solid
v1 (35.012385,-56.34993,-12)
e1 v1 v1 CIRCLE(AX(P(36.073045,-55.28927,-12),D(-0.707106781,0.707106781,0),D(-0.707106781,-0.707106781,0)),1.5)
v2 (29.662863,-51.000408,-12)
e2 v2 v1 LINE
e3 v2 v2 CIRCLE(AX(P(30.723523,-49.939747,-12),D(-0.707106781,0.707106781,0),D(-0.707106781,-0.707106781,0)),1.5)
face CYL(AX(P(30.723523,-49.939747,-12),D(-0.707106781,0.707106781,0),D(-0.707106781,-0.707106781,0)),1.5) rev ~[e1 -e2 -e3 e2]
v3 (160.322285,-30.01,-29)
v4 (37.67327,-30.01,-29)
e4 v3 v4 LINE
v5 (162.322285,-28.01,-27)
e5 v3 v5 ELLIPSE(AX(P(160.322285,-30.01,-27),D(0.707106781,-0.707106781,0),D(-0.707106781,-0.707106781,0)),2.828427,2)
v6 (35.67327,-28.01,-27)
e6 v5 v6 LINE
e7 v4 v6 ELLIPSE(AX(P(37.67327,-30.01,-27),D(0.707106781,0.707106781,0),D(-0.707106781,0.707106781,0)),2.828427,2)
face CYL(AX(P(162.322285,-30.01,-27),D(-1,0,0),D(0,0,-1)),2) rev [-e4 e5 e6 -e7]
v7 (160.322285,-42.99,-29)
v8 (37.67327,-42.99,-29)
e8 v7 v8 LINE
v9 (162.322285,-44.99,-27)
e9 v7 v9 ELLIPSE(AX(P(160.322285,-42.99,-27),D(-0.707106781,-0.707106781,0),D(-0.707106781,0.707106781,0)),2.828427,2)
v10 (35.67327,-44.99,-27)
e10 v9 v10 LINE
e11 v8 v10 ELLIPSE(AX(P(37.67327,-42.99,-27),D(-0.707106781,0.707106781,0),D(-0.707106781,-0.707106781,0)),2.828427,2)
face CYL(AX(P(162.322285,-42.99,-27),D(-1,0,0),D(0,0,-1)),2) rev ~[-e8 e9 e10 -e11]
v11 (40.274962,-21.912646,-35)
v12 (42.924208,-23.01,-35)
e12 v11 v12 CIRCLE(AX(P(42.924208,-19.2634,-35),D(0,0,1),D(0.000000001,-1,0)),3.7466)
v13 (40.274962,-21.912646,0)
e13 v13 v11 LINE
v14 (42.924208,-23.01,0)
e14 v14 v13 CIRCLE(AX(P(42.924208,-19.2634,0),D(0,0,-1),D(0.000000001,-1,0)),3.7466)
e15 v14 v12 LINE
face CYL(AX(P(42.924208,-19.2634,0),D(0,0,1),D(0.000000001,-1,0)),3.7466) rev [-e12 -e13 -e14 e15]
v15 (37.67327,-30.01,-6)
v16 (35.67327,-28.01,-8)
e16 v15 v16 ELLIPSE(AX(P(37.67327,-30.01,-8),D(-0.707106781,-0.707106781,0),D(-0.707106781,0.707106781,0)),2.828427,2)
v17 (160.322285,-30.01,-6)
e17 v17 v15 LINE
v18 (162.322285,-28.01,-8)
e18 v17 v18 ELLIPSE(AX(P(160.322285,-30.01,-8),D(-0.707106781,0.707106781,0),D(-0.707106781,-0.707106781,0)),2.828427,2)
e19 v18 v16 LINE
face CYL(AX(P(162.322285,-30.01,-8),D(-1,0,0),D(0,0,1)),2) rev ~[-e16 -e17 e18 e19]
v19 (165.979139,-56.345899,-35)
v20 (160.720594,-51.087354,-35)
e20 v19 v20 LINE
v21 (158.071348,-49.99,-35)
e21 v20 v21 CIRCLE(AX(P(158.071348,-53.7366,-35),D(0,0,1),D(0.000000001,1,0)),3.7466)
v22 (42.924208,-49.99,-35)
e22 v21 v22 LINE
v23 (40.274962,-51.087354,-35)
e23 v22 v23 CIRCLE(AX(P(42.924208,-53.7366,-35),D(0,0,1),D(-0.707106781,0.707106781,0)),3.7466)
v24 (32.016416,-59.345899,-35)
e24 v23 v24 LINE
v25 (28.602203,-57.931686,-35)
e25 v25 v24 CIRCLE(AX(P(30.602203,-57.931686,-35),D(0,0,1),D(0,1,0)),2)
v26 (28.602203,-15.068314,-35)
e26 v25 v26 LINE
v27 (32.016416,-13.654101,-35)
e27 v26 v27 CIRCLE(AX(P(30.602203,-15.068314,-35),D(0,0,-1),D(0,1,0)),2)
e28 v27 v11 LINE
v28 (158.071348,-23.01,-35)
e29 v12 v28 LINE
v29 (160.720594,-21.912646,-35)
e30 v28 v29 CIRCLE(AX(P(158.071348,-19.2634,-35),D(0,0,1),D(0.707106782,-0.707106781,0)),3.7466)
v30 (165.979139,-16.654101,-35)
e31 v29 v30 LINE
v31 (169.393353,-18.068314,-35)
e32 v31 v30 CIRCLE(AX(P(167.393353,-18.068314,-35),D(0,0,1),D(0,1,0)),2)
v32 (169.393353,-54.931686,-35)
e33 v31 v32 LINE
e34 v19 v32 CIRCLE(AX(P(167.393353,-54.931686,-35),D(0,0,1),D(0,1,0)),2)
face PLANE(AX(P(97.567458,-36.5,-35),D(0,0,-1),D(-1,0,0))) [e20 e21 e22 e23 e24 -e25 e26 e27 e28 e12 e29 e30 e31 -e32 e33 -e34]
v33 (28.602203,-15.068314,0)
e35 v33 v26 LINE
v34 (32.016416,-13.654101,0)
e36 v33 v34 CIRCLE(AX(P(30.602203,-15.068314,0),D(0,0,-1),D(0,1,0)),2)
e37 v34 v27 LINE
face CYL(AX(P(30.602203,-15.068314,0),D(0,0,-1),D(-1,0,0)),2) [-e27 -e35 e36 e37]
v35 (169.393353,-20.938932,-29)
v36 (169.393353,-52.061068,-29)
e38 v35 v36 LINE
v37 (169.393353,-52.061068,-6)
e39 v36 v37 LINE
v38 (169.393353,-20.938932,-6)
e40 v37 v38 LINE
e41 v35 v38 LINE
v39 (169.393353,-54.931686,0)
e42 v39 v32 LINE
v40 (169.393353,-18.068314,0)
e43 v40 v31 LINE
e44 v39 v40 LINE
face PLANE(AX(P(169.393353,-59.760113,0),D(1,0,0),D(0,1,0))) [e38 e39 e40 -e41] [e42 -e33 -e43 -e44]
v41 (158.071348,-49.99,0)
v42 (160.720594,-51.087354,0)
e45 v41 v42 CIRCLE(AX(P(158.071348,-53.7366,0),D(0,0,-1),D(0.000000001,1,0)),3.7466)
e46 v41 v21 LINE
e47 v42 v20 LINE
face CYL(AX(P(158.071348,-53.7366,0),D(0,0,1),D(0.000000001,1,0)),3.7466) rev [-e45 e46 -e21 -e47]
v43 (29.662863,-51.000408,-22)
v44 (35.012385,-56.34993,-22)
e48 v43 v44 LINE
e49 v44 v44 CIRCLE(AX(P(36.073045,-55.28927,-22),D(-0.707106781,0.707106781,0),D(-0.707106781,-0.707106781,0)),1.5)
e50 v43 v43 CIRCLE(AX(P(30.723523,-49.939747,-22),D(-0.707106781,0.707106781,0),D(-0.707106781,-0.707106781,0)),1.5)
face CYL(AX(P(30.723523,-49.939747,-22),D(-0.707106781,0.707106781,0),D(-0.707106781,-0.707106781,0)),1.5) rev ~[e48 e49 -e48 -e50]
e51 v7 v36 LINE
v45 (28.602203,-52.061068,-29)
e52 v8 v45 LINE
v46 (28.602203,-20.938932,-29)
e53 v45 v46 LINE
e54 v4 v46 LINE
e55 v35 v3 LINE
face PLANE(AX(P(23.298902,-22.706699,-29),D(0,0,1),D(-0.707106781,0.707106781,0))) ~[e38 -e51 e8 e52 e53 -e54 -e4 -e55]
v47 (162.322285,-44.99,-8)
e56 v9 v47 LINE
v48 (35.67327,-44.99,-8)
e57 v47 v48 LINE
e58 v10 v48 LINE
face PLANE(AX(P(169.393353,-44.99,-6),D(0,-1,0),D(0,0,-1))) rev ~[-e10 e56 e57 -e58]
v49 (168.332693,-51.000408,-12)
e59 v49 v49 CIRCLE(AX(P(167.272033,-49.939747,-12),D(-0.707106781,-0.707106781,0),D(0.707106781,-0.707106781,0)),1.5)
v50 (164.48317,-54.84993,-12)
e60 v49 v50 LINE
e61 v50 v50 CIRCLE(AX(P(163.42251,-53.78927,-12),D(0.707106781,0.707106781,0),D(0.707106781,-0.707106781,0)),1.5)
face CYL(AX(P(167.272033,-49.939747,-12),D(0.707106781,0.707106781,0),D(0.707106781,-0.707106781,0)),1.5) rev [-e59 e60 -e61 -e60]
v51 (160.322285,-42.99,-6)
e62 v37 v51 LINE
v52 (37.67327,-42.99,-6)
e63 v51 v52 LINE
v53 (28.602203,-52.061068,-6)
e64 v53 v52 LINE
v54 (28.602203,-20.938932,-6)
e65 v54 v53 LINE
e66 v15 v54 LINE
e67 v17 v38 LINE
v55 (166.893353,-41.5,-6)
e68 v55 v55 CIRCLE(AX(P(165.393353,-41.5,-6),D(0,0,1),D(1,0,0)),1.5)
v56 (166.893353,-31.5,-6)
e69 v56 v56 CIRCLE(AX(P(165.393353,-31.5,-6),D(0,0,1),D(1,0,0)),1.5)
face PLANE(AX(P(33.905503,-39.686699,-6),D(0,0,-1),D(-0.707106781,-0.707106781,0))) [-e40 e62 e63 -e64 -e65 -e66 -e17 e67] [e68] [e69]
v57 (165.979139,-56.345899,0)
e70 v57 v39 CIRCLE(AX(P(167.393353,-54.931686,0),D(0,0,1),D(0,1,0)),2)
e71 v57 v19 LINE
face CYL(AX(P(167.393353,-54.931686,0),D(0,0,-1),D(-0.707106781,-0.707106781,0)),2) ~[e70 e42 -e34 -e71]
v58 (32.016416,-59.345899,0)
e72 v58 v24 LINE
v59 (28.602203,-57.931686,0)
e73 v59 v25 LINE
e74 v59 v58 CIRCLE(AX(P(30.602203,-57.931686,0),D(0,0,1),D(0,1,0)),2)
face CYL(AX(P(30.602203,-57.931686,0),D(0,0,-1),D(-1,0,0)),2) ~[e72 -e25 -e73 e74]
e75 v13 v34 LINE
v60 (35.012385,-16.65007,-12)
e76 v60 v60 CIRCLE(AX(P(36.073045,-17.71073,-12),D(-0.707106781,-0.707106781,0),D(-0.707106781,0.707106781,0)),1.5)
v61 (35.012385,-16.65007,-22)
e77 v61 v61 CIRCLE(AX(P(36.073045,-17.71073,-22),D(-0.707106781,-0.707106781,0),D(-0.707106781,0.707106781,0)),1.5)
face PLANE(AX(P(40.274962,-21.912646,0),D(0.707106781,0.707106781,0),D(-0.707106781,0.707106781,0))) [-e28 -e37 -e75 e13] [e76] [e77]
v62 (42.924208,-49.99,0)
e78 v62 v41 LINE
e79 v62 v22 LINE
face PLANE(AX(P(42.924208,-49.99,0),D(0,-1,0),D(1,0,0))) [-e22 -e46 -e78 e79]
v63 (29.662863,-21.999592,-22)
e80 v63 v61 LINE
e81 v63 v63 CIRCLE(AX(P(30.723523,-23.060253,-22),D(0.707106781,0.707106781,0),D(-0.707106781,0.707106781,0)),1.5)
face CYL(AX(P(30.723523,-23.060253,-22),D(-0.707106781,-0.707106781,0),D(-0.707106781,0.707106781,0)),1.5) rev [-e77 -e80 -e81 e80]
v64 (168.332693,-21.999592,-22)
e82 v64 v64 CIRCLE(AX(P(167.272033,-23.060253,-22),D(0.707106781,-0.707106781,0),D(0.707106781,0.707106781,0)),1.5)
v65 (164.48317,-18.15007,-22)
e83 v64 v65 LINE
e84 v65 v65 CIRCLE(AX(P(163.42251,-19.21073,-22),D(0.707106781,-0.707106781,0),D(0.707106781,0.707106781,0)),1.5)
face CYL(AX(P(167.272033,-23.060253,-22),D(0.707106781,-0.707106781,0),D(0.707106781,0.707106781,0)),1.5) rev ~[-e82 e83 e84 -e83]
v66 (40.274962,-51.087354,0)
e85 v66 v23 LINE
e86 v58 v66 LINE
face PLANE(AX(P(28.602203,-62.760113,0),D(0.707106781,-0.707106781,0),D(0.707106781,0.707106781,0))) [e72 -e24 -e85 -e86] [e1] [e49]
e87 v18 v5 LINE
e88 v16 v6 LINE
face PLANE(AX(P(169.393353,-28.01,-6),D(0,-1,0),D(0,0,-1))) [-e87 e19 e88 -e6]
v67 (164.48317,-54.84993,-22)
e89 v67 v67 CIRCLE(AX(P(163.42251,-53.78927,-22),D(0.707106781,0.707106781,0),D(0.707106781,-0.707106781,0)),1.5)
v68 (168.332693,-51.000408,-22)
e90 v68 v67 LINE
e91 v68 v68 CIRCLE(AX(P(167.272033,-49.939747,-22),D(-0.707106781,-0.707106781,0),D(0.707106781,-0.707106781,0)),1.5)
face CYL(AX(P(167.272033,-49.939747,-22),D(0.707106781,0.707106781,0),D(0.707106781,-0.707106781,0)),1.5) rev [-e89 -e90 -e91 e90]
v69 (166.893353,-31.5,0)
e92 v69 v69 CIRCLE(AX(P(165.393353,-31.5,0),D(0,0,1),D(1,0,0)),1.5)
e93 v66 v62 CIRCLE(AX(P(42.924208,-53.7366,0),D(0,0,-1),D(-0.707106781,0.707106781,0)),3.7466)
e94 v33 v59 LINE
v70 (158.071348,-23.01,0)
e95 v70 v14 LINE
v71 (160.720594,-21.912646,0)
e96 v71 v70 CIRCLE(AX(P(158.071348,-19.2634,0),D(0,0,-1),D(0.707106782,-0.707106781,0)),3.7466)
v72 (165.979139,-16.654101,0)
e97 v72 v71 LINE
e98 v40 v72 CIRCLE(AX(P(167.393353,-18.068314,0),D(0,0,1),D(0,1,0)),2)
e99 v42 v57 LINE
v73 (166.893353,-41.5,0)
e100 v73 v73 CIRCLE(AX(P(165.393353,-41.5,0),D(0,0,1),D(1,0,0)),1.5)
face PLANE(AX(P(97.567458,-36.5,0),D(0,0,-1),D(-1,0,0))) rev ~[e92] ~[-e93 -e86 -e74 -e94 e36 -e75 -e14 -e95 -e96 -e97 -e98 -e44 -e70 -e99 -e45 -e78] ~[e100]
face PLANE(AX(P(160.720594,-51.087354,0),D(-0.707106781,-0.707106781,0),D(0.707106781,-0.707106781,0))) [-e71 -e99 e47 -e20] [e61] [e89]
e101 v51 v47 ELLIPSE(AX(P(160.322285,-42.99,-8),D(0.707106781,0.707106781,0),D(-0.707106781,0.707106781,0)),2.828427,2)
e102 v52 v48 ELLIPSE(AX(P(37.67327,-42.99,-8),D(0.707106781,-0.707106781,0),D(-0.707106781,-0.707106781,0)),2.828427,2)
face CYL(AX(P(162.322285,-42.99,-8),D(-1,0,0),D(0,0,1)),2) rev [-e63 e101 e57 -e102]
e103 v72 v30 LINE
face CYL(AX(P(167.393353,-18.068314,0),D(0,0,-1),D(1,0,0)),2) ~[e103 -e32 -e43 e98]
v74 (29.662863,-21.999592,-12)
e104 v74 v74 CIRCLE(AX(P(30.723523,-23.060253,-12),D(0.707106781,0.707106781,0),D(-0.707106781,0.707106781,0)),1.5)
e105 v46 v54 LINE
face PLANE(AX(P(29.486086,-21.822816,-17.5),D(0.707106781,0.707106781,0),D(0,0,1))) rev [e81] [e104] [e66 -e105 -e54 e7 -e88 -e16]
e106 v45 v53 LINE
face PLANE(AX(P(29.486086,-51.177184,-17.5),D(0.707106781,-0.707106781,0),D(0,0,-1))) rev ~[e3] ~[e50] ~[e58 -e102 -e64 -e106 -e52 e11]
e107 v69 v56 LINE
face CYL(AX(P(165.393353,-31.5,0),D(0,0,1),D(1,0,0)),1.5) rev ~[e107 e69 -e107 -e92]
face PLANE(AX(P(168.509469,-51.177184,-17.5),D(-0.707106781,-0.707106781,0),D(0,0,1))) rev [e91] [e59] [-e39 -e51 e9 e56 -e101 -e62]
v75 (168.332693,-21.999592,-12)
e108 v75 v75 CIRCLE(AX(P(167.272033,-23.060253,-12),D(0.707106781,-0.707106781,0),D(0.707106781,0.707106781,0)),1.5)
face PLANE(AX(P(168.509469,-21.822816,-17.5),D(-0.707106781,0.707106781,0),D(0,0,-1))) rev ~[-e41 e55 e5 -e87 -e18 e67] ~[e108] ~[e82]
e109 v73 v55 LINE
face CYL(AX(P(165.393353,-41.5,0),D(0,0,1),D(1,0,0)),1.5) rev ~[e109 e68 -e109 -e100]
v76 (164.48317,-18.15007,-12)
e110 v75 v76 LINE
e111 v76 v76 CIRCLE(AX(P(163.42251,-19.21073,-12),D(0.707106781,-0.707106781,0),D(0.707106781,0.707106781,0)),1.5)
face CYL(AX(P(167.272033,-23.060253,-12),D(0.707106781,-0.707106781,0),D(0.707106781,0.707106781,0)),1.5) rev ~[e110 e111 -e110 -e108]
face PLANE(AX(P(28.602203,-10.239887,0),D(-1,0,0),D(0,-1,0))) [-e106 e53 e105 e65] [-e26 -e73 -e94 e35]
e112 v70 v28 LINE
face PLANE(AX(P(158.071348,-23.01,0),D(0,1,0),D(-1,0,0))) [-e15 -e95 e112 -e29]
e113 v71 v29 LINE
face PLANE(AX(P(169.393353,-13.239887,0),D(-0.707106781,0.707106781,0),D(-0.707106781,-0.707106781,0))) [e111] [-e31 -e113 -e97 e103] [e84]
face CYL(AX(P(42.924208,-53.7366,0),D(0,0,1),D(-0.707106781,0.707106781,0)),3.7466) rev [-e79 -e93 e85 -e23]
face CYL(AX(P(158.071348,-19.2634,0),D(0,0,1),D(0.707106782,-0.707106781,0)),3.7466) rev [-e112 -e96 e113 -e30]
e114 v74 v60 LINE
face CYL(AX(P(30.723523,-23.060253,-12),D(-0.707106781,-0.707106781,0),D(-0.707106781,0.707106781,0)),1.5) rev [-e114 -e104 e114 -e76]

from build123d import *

# Parameters (mm, degrees)
EXTRUDE_1_DEPTH          = 35
CUT_EXTRUDE_1_DEPTH      = 185.022712326
SKETCH_3_W               = 23
SKETCH_3_H               = 16.98
CUT_EXTRUDE_2_DEPTH      = 159.069540958
SKETCH_5_W               = 23
SKETCH_5_H               = 7.5
CUT_EXTRUDE_3_DEPTH      = 5
SKETCH_6_R               = 1.5
CUT_EXTRUDE_4_DEPTH      = 138.067283793
MIRROR_2_COPY_1_SKETCH_W = 23
MIRROR_2_COPY_1_SKETCH_H = 7.5
MIRROR_2_COPY_1_DEPTH    = 5
MIRROR_2_COPY_2_SKETCH_R = 1.5
MIRROR_2_COPY_2_DEPTH    = 138.067283793
FILLET_3_R               = 2
SKETCH_7_R               = 1.5
CUT_EXTRUDE_5_DEPTH      = 8


with BuildPart() as part:
    # 草图1 → 凸台-拉伸1 (new body)
    with BuildSketch(Plane.XY):
        with BuildLine():
            ThreePointArc((40.282032616, -21.905575199), (41.494272902, -22.715568261), (42.924207815, -23))
            Line((42.924207815, -23), (158.071347708, -23))
            ThreePointArc((158.071347708, -23), (159.501282621, -22.715568261), (160.713522906, -21.905575199))
            Line((160.713522906, -21.905575199), (169.40335296, -13.215745145))
            Line((169.40335296, -13.215745145), (169.40335296, -59.784254855))
            Line((169.40335296, -59.784254855), (160.713522906, -51.094424801))
            ThreePointArc((160.713522906, -51.094424801), (159.501282621, -50.284431739), (158.071347708, -50))
            Line((158.071347708, -50), (42.924207815, -50))
            ThreePointArc((42.924207815, -50), (41.494272902, -50.284431739), (40.282032616, -51.094424801))
            Line((40.282032616, -51.094424801), (28.592202563, -62.784254855))
            Line((28.592202563, -62.784254855), (28.592202563, -10.215745145))
            Line((28.592202563, -10.215745145), (40.282032616, -21.905575199))
        make_face()
    extrude(amount=-EXTRUDE_1_DEPTH)

    # 草图2 → 切除-拉伸1 (cut, through all)
    with BuildSketch(Plane.XY):
        with BuildLine():
            Line((40.282032616, -21.905575199), (28.592202563, -10.215745145))
            Line((28.592202563, -10.215745145), (28.592202563, -62.784254855))
            Line((28.592202563, -62.784254855), (40.282032616, -51.094424801))
            ThreePointArc((40.282032616, -51.094424801), (41.494272902, -50.284431739), (42.924207815, -50))
            Line((42.924207815, -50), (158.071347708, -50))
            ThreePointArc((158.071347708, -50), (159.501282621, -50.284431739), (160.713522906, -51.094424801))
            Line((160.713522906, -51.094424801), (169.40335296, -59.784254855))
            Line((169.40335296, -59.784254855), (169.40335296, -13.215745145))
            Line((169.40335296, -13.215745145), (160.713522906, -21.905575199))
            ThreePointArc((160.713522906, -21.905575199), (159.501282621, -22.715568261), (158.071347708, -23))
            Line((158.071347708, -23), (42.924207815, -23))
            ThreePointArc((42.924207815, -23), (41.494272902, -22.715568261), (40.282032616, -21.905575199))
        make_face()
        with BuildLine():
            Line((28.602202563, -10.239887281), (28.602202563, -62.760112719))
            Line((28.602202563, -62.760112719), (40.274961549, -51.087353734))
            ThreePointArc((40.274961549, -51.087353734), (41.490446067, -50.275192944), (42.924207815, -49.99))
            Line((42.924207815, -49.99), (158.071347708, -49.99))
            ThreePointArc((158.071347708, -49.99), (159.505109455, -50.275192944), (160.720593974, -51.087353734))
            Line((160.720593974, -51.087353734), (169.39335296, -59.760112719))
            Line((169.39335296, -59.760112719), (169.39335296, -13.239887281))
            Line((169.39335296, -13.239887281), (160.720593974, -21.912646266))
            ThreePointArc((160.720593974, -21.912646266), (159.505109455, -22.724807057), (158.071347708, -23.01))
            Line((158.071347708, -23.01), (42.924207815, -23.01))
            ThreePointArc((42.924207815, -23.01), (41.490446067, -22.724807057), (40.274961549, -21.912646266))
            Line((40.274961549, -21.912646266), (28.602202563, -10.239887281))
        make_face(mode=Mode.SUBTRACT)
    extrude(amount=-CUT_EXTRUDE_1_DEPTH, mode=Mode.SUBTRACT)

    # 草图3 → 切除-拉伸2 (cut, through all)
    with BuildSketch(Plane(origin=(169.39335296, 0, 0), x_dir=(0, 0, -1), z_dir=(1, 0, 0))):
        with Locations((17.5, -36.5)):
            Rectangle(SKETCH_3_W, SKETCH_3_H)
    extrude(amount=-CUT_EXTRUDE_2_DEPTH, mode=Mode.SUBTRACT)

    # 草图5 → 切除-拉伸3 (cut)
    with BuildSketch(Plane(origin=(36.796101281, -36.796101281, 0), x_dir=(0, 0, -1), z_dir=(0.7071067811865873, -0.7071067811865078, 0))):
        with Locations((17.5, -15.337922697)):
            Rectangle(SKETCH_5_W, SKETCH_5_H)
        with Locations((17.5, -7.837922697)):
            Rectangle(SKETCH_5_W, SKETCH_5_H)
    cut_extrude_3 = extrude(amount=CUT_EXTRUDE_3_DEPTH, mode=Mode.SUBTRACT)

    # 草图6 → 切除-拉伸4 (cut, through all)
    with BuildSketch(Plane(origin=(40.331635187, -40.331635187, 0), x_dir=(0, 0, 1), z_dir=(-0.7071067811865871, 0.707106781186508, 0))):
        with Locations(Location((-12, -13.587922697, 0), (0, 0, 270))):
            Circle(SKETCH_6_R)
        with Locations(Location((-22, -13.587922697, 0), (0, 0, 270))):
            Circle(SKETCH_6_R)
    cut_extrude_4 = extrude(amount=-CUT_EXTRUDE_4_DEPTH, mode=Mode.SUBTRACT)

    # 镜向1: 切除-拉伸3, 切除-拉伸4 across plane
    add(cut_extrude_3.mirror(Plane.ZX.offset(-36.5)), mode=Mode.SUBTRACT)
    add(cut_extrude_4.mirror(Plane.ZX.offset(-36.5)), mode=Mode.SUBTRACT)

    # 镜向2: 切除-拉伸3, 切除-拉伸4 across plane
    add(cut_extrude_3.mirror(Plane(origin=(98.997777761, 0, 0), x_dir=(0, 0, 1), z_dir=(1, 0, 0))), mode=Mode.SUBTRACT)
    add(cut_extrude_4.mirror(Plane(origin=(98.997777761, 0, 0), x_dir=(0, 0, 1), z_dir=(1, 0, 0))), mode=Mode.SUBTRACT)

    # 镜向2 copy 1 sketch → 镜向2 copy 1 (cut)
    with BuildSketch(Plane(origin=(161.199454241, -36.203898719, 0), x_dir=(0, 0, -1), z_dir=(-0.7071067811865942, 0.7071067811865009, 0))):
        with Locations((17.5, -15.337922697)):
            Rectangle(MIRROR_2_COPY_1_SKETCH_W, MIRROR_2_COPY_1_SKETCH_H)
        with Locations((17.5, -7.837922697)):
            Rectangle(MIRROR_2_COPY_1_SKETCH_W, MIRROR_2_COPY_1_SKETCH_H)
    extrude(amount=MIRROR_2_COPY_1_DEPTH, mode=Mode.SUBTRACT)

    # 镜向2 copy 2 sketch → 镜向2 copy 2 (cut, through all)
    with BuildSketch(Plane(origin=(157.663920335, -32.668364813, 0), x_dir=(0, 0, 1), z_dir=(0.707106781186594, -0.7071067811865012, 0))):
        with Locations(Location((-12, -13.587922697, 0), (0, 0, 270))):
            Circle(MIRROR_2_COPY_2_SKETCH_R)
        with Locations(Location((-22, -13.587922697, 0), (0, 0, 270))):
            Circle(MIRROR_2_COPY_2_SKETCH_R)
    extrude(amount=-MIRROR_2_COPY_2_DEPTH, mode=Mode.SUBTRACT)

    # 圆角3
    fillet_3_edges = [part.edges().sort_by_distance(p)[0] for p in [
        (98.997777761, -44.99, -6),
        (98.997777761, -44.99, -29),
        (98.997777761, -28.01, -6),
        (98.997777761, -28.01, -29),
        (169.39335296, -13.239887281, -17.5),
        (169.39335296, -59.760112719, -17.5),
        (28.602202563, -62.760112719, -17.5),
        (28.602202563, -10.239887281, -17.5),
    ]]
    fillet(fillet_3_edges, radius=FILLET_3_R)

    # 草图7 → 切除-拉伸5 (cut)
    with BuildSketch(Plane.XY):
        with Locations((165.39335296, -41.5)):
            Circle(SKETCH_7_R)
        with Locations((165.39335296, -31.5)):
            Circle(SKETCH_7_R)
    extrude(amount=-CUT_EXTRUDE_5_DEPTH, mode=Mode.SUBTRACT)


solid = part.part
